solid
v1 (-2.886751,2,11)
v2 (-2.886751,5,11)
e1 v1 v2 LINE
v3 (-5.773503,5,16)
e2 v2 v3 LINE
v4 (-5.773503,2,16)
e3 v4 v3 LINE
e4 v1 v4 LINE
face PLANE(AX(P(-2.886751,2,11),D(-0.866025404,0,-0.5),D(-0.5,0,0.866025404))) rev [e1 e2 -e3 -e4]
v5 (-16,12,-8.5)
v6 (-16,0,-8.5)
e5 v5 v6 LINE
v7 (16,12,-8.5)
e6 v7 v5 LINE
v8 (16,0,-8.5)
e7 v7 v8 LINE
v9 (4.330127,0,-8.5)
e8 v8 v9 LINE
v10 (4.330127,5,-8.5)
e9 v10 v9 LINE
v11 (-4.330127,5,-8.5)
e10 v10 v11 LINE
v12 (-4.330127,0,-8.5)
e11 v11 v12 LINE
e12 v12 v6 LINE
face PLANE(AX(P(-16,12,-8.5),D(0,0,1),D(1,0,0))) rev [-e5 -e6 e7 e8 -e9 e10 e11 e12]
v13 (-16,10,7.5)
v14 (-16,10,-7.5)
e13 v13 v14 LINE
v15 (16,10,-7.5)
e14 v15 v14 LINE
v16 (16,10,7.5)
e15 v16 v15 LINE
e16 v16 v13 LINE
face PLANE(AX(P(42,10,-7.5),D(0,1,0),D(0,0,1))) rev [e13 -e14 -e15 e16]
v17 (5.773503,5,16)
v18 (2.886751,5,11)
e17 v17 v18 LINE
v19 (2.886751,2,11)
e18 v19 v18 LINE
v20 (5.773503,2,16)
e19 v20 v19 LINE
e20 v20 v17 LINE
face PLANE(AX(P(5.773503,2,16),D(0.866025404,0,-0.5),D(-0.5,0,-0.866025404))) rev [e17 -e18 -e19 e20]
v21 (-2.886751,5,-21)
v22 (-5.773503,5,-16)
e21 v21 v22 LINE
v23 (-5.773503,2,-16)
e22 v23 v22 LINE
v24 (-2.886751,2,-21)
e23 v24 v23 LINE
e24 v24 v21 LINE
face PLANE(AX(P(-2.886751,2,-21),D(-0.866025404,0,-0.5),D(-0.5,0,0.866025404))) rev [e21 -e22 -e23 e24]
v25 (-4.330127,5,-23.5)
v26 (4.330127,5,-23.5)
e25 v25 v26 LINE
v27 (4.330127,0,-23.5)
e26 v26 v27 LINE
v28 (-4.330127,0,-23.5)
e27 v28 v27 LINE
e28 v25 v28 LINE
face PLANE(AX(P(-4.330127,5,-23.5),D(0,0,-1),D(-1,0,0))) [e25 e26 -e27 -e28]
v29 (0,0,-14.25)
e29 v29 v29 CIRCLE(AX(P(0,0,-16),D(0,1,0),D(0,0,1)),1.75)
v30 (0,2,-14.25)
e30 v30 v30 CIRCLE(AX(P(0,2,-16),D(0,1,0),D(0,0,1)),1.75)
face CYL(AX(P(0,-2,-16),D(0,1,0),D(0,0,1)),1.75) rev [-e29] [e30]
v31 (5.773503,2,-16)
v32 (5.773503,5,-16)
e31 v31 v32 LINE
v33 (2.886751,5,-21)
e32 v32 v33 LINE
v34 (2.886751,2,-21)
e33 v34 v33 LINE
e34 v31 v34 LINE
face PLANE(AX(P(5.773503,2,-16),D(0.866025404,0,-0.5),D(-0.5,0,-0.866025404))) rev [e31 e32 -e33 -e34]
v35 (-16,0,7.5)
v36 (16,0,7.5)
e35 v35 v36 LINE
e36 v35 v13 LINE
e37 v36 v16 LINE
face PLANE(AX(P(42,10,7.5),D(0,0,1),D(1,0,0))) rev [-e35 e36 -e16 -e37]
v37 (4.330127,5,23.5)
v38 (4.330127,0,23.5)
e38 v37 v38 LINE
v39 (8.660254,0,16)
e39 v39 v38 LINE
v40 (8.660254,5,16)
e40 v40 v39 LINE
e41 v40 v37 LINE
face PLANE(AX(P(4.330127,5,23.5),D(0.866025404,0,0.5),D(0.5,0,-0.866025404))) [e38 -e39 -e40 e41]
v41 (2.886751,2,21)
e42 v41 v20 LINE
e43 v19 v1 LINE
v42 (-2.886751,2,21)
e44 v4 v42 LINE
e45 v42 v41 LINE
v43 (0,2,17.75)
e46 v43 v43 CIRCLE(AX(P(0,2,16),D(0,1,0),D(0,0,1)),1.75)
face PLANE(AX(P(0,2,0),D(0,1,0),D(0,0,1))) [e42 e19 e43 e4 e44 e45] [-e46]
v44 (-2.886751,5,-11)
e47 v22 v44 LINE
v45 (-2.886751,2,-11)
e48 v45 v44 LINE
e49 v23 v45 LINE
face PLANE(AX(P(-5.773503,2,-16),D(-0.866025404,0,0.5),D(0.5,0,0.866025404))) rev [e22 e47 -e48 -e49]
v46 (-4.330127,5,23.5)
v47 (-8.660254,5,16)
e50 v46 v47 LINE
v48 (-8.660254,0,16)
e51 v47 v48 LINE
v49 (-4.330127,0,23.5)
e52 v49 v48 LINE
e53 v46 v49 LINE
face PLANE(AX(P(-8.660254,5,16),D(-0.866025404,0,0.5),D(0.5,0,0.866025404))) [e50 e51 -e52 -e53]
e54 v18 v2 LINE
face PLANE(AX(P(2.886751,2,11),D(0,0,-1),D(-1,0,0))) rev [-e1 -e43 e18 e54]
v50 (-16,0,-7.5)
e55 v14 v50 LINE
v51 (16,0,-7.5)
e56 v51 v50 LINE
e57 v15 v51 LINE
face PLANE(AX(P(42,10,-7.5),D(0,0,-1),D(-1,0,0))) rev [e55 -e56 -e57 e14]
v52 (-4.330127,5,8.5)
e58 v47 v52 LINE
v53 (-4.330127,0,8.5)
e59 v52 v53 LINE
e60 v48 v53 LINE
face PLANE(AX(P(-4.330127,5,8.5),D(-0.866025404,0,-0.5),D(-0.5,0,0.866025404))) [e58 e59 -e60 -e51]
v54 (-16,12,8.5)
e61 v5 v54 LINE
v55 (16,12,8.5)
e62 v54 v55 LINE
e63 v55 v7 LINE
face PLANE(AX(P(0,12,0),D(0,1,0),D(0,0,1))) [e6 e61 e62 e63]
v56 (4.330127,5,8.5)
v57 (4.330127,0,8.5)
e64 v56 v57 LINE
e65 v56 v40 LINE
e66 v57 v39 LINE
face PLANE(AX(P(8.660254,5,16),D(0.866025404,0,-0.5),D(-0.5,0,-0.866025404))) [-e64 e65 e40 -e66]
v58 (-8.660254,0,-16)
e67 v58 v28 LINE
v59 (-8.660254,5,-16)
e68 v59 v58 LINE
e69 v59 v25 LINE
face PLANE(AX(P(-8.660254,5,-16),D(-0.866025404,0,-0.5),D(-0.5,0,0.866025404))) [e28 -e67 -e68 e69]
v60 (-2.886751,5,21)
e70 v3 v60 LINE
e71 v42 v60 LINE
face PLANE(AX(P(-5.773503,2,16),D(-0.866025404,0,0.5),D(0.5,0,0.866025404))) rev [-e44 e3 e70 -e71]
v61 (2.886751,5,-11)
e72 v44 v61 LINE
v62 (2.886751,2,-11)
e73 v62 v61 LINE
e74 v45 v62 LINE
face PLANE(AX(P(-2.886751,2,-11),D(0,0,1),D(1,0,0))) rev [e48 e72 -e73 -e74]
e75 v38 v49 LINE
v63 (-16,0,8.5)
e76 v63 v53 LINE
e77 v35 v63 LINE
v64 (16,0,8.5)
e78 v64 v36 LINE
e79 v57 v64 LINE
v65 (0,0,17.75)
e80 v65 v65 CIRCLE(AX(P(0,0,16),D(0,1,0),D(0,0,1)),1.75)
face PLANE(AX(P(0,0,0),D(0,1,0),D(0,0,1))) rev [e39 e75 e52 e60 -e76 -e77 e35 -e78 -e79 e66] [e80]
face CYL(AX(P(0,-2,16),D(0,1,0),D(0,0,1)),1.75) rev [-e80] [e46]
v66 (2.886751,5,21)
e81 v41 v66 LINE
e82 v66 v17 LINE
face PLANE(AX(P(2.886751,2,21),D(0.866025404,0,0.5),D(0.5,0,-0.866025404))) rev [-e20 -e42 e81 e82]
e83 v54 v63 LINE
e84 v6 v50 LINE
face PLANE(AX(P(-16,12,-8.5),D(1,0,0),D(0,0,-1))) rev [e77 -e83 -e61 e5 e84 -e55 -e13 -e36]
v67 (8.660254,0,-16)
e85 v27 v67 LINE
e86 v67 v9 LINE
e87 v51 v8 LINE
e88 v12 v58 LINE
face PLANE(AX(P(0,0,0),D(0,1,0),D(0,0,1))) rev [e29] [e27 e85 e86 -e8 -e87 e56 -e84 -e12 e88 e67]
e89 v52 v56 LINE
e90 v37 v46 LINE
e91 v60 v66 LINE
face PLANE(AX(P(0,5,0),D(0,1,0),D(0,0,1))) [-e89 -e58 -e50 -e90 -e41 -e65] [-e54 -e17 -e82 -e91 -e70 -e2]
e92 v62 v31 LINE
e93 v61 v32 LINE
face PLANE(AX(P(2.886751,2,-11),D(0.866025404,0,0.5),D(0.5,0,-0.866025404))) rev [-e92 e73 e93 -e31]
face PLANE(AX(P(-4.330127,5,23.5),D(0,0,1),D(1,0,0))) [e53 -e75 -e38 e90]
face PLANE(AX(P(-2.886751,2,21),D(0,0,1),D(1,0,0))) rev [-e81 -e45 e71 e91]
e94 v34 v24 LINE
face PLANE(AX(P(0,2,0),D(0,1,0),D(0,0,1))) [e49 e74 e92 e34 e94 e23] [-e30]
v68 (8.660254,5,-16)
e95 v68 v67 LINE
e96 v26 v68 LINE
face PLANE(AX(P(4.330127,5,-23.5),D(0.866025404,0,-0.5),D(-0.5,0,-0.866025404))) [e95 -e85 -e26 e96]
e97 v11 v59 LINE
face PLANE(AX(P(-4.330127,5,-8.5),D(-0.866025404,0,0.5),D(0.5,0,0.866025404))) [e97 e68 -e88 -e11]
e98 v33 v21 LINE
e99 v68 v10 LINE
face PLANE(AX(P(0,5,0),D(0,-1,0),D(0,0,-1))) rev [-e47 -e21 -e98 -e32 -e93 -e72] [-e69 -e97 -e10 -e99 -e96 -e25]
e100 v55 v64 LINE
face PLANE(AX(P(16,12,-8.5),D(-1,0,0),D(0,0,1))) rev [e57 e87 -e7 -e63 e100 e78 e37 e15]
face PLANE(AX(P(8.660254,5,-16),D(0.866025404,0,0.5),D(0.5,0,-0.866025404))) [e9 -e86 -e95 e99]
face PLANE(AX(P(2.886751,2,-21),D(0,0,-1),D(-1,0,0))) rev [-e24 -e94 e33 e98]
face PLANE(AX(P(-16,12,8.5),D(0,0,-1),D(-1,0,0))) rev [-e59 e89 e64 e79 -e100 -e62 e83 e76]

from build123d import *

# Parameters (mm, degrees)
SKETCH1_W           = 32
SKETCH1_H           = 17
BOSS_EXTRUDE1_DEPTH = 12
SKETCH2_W           = 15
SKETCH2_H           = 10
CUT_EXTRUDE1_DEPTH  = 58
BOSS_EXTRUDE2_DEPTH = 5
CUT_EXTRUDE2_DEPTH  = 3
SKETCH5_R           = 1.75
CUT_EXTRUDE3_DEPTH  = 4


with BuildPart() as part:
    # Sketch1 → Boss-Extrude1 (new body)
    with BuildSketch(Plane(origin=(0, 0, 0), x_dir=(1, 0, 0), z_dir=(0, 1, 0))):
        Rectangle(SKETCH1_W, SKETCH1_H)
    extrude(amount=BOSS_EXTRUDE1_DEPTH)

    # Sketch2 → Cut-Extrude1 (cut)
    with BuildSketch(Plane.ZY.offset(16)):
        with Locations((0, 5)):
            Rectangle(SKETCH2_W, SKETCH2_H)
    extrude(amount=-CUT_EXTRUDE1_DEPTH, mode=Mode.SUBTRACT)

    # Sketch3 → Boss-Extrude2 (add)
    with BuildSketch(Plane.XZ):
        Polygon((4.330127019, -8.5), (-4.330127019, -8.5), (-8.660254038, -16), (-4.330127019, -23.5), (4.330127019, -23.5), (8.660254038, -16), align=None)
        Polygon((8.660254038, 16), (4.330127019, 8.5), (-4.330127019, 8.5), (-8.660254038, 16), (-4.330127019, 23.5), (4.330127019, 23.5), align=None)
    extrude(amount=-BOSS_EXTRUDE2_DEPTH)

    # Sketch4 → Cut-Extrude2 (cut)
    with BuildSketch(Plane(origin=(0, 5, 0), x_dir=(1, 0, 0), z_dir=(0, 1, 0))):
        Polygon((2.886751346, 11), (5.773502692, 16), (2.886751346, 21), (-2.886751346, 21), (-5.773502692, 16), (-2.886751346, 11), align=None)
        Polygon((2.886751346, -21), (5.773502692, -16), (2.886751346, -11), (-2.886751346, -11), (-5.773502692, -16), (-2.886751346, -21), align=None)
    extrude(amount=-CUT_EXTRUDE2_DEPTH, mode=Mode.SUBTRACT)

    # Sketch5 → Cut-Extrude3 (cut)
    with BuildSketch(Plane(origin=(0, 2, 0), x_dir=(1, 0, 0), z_dir=(0, 1, 0))):
        with Locations(Location((0, 16, 0), (0, 0, 270))):
            Circle(SKETCH5_R)
        with Locations(Location((0, -16, 0), (0, 0, 270))):
            Circle(SKETCH5_R)
    extrude(amount=-CUT_EXTRUDE3_DEPTH, mode=Mode.SUBTRACT)


solid = part.part
